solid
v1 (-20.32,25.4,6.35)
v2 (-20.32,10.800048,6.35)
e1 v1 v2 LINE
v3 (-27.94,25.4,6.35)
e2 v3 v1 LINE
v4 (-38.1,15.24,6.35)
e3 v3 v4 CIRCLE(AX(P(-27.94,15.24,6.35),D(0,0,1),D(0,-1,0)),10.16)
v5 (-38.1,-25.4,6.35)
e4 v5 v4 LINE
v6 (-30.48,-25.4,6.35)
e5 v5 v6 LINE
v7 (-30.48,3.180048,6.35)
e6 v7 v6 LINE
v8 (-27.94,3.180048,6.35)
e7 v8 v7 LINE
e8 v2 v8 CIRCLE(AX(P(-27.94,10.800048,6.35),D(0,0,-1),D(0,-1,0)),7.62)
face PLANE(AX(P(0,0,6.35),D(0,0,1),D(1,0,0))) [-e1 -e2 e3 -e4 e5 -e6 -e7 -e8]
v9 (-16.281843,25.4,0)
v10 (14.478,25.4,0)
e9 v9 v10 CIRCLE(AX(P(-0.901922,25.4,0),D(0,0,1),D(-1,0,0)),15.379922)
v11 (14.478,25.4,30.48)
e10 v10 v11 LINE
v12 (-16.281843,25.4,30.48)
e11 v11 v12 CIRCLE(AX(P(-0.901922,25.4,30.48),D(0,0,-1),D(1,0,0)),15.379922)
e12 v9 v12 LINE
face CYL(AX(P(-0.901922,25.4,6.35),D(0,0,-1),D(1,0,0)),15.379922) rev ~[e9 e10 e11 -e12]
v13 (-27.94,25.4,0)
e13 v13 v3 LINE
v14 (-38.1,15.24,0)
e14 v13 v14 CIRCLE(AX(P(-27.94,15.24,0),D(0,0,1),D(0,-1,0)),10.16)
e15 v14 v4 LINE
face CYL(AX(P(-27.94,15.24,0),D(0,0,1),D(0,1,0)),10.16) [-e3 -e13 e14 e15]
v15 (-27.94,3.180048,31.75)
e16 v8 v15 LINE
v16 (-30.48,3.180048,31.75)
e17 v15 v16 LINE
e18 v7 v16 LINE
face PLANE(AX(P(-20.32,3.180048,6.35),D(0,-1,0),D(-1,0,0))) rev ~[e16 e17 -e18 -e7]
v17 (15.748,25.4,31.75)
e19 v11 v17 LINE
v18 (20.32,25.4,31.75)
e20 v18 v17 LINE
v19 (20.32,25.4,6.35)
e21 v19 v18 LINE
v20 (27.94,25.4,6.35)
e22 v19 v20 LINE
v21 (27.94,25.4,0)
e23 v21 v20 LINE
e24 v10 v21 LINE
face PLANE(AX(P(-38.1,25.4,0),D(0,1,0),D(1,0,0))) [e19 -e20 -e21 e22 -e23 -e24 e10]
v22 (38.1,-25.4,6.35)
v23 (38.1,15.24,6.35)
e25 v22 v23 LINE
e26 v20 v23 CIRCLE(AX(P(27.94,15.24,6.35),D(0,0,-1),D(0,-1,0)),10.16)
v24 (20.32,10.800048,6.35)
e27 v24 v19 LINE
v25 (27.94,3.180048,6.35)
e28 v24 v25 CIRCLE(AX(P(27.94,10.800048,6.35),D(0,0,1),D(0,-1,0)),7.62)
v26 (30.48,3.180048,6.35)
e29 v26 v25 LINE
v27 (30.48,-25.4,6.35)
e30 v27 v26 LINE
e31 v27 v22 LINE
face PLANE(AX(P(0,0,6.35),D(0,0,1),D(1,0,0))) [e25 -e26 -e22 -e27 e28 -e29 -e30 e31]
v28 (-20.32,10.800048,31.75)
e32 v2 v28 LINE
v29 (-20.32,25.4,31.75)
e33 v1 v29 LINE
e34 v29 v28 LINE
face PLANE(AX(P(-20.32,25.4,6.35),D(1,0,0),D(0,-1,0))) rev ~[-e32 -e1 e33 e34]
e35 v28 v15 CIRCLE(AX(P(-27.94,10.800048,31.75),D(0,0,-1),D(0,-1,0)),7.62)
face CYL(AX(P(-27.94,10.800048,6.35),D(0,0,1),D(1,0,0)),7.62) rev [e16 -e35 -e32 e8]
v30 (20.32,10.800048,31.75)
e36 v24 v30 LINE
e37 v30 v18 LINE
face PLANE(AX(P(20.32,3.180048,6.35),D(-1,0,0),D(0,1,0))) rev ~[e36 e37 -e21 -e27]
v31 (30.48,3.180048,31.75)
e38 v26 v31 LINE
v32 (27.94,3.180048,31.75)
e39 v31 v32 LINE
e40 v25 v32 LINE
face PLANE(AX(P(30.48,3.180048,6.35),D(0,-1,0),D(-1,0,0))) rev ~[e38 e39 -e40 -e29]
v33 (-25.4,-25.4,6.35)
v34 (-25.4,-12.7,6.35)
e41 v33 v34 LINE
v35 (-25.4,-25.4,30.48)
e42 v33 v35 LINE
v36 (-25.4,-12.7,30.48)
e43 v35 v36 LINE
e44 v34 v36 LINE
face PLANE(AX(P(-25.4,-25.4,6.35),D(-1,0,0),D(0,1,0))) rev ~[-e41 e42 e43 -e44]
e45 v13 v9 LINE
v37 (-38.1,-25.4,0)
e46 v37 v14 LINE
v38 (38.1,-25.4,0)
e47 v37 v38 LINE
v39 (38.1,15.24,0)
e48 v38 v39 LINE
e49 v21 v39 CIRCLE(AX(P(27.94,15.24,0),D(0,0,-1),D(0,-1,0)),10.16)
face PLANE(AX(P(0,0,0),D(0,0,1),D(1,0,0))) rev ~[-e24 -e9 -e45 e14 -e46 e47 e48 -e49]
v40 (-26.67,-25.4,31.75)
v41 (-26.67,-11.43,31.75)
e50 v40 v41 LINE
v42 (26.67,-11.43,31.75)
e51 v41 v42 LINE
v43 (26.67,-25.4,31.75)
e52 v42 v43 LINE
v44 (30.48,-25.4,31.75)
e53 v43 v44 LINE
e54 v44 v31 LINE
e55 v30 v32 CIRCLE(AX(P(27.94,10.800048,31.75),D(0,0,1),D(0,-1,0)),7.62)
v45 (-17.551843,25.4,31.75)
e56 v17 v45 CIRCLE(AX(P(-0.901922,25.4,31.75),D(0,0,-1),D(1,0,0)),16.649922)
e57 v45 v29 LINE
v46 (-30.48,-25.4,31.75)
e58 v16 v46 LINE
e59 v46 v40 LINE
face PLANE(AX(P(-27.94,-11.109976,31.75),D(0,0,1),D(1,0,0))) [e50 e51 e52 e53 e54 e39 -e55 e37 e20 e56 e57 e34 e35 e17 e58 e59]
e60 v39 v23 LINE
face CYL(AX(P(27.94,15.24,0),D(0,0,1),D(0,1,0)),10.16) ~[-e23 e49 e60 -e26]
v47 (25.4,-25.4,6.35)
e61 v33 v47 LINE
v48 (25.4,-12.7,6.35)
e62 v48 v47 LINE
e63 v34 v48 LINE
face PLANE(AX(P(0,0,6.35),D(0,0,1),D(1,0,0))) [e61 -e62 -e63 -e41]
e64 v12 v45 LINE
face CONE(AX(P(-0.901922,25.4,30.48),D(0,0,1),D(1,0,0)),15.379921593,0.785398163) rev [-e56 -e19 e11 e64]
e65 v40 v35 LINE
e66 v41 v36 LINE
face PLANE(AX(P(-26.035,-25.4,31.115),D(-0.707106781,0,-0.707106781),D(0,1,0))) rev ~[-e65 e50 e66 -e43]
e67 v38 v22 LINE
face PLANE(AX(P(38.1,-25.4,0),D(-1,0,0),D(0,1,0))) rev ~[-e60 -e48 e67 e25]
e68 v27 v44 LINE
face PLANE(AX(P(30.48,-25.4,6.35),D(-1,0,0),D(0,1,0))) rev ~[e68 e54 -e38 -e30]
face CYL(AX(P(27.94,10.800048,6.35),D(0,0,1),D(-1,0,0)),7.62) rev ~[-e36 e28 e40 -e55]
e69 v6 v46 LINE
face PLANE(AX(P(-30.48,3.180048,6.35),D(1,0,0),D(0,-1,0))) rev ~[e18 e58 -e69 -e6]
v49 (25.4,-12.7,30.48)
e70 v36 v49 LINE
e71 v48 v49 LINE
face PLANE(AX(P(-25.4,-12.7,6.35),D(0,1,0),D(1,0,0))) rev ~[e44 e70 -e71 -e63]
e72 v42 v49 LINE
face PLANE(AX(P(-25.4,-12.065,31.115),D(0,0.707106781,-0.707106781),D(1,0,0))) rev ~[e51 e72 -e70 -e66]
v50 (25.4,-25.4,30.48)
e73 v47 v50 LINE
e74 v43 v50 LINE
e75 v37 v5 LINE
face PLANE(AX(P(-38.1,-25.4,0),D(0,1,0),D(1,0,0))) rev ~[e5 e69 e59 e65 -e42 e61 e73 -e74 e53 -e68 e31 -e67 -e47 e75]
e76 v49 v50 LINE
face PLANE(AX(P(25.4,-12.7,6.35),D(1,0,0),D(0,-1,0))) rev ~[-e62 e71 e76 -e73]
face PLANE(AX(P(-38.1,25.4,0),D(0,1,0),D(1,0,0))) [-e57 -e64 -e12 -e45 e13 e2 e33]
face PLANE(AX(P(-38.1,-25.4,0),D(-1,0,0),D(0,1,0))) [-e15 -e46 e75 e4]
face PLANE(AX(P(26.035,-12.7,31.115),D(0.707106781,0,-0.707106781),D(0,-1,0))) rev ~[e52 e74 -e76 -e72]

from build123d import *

# Parameters (mm, degrees)
F0_W     = 76.2
F0_H     = 50.8
F1_DEPTH = 6.35
F3_DEPTH = 25.4
F5_DEPTH = 31.75
F6_SIZE  = 1.27
F7_R     = 10.16
F8_SIZE  = 1.27
F9_R     = 7.62
F10_R    = 7.62


with BuildPart() as f1:
    # F0 (on Top) → F1 (new body)
    with BuildSketch(Plane.XY):
        Rectangle(F0_W, F0_H)
    extrude(amount=F1_DEPTH)

    # F2 (on face) → F3 (join)
    with BuildSketch(Plane.XY.offset(6.35)):
        Polygon((-25.4, -25.4), (-25.4, -12.7), (-25.4, 3.18004773), (-30.48, 3.18004773), (-30.48, -25.4), align=None)
        Polygon((30.48, 3.18004773), (25.4, 3.18004773), (25.4, -12.7), (25.4, -25.4), (30.48, -25.4), align=None)
        with BuildLine():
            Line((20.32, 3.18004773), (20.32, 25.4))
            Line((20.32, 25.4), (14.478, 25.4))
            ThreePointArc((14.478, 25.4), (-0.9019215927, 10.0200784073), (-16.2818431854, 25.4))
            Line((-16.2818431854, 25.4), (-20.32, 25.4))
            Line((-20.32, 25.4), (-20.32, 3.18004773))
            Line((-20.32, 3.18004773), (-25.4, 3.18004773))
            Line((-25.4, 3.18004773), (-25.4, -12.7))
            Line((-25.4, -12.7), (25.4, -12.7))
            Line((25.4, -12.7), (25.4, 3.18004773))
            Line((25.4, 3.18004773), (20.32, 3.18004773))
        make_face()
    extrude(amount=F3_DEPTH)

    # F4 (on face) → F5 (cut)
    with BuildSketch(Plane.XY.offset(31.75)):
        with BuildLine():
            Line((14.478, 25.4), (-16.2818431854, 25.4))
            ThreePointArc((-16.2818431854, 25.4), (-0.9019215927, 10.0200784073), (14.478, 25.4))
        make_face()
    extrude(amount=-F5_DEPTH, mode=Mode.SUBTRACT)

    # F6
    f6_edges = [f1.edges().sort_by_distance(p)[0] for p in [
        (0, -12.7, 31.75),
        (-25.4, -19.05, 31.75),
        (25.4, -19.05, 31.75),
    ]]
    chamfer(f6_edges, length=F6_SIZE)

    # F7
    f7_edges = [f1.edges().sort_by_distance(p)[0] for p in [
        (-38.1, 25.4, 3.175),
        (38.1, 25.4, 3.175),
    ]]
    fillet(f7_edges, radius=F7_R)

    # F8
    f8_edges = [f1.edges().sort_by_distance(p)[0] for p in [
        (-0.901922, 10.020078, 31.75),
    ]]
    chamfer(f8_edges, length=F8_SIZE)

    # F9
    f9_edges = [f1.edges().sort_by_distance(p)[0] for p in [
        (-20.32, 3.180048, 19.05),
    ]]
    fillet(f9_edges, radius=F9_R)

    # F10
    f10_edges = [f1.edges().sort_by_distance(p)[0] for p in [
        (20.32, 3.180048, 19.05),
    ]]
    fillet(f10_edges, radius=F10_R)


solid = f1.part
